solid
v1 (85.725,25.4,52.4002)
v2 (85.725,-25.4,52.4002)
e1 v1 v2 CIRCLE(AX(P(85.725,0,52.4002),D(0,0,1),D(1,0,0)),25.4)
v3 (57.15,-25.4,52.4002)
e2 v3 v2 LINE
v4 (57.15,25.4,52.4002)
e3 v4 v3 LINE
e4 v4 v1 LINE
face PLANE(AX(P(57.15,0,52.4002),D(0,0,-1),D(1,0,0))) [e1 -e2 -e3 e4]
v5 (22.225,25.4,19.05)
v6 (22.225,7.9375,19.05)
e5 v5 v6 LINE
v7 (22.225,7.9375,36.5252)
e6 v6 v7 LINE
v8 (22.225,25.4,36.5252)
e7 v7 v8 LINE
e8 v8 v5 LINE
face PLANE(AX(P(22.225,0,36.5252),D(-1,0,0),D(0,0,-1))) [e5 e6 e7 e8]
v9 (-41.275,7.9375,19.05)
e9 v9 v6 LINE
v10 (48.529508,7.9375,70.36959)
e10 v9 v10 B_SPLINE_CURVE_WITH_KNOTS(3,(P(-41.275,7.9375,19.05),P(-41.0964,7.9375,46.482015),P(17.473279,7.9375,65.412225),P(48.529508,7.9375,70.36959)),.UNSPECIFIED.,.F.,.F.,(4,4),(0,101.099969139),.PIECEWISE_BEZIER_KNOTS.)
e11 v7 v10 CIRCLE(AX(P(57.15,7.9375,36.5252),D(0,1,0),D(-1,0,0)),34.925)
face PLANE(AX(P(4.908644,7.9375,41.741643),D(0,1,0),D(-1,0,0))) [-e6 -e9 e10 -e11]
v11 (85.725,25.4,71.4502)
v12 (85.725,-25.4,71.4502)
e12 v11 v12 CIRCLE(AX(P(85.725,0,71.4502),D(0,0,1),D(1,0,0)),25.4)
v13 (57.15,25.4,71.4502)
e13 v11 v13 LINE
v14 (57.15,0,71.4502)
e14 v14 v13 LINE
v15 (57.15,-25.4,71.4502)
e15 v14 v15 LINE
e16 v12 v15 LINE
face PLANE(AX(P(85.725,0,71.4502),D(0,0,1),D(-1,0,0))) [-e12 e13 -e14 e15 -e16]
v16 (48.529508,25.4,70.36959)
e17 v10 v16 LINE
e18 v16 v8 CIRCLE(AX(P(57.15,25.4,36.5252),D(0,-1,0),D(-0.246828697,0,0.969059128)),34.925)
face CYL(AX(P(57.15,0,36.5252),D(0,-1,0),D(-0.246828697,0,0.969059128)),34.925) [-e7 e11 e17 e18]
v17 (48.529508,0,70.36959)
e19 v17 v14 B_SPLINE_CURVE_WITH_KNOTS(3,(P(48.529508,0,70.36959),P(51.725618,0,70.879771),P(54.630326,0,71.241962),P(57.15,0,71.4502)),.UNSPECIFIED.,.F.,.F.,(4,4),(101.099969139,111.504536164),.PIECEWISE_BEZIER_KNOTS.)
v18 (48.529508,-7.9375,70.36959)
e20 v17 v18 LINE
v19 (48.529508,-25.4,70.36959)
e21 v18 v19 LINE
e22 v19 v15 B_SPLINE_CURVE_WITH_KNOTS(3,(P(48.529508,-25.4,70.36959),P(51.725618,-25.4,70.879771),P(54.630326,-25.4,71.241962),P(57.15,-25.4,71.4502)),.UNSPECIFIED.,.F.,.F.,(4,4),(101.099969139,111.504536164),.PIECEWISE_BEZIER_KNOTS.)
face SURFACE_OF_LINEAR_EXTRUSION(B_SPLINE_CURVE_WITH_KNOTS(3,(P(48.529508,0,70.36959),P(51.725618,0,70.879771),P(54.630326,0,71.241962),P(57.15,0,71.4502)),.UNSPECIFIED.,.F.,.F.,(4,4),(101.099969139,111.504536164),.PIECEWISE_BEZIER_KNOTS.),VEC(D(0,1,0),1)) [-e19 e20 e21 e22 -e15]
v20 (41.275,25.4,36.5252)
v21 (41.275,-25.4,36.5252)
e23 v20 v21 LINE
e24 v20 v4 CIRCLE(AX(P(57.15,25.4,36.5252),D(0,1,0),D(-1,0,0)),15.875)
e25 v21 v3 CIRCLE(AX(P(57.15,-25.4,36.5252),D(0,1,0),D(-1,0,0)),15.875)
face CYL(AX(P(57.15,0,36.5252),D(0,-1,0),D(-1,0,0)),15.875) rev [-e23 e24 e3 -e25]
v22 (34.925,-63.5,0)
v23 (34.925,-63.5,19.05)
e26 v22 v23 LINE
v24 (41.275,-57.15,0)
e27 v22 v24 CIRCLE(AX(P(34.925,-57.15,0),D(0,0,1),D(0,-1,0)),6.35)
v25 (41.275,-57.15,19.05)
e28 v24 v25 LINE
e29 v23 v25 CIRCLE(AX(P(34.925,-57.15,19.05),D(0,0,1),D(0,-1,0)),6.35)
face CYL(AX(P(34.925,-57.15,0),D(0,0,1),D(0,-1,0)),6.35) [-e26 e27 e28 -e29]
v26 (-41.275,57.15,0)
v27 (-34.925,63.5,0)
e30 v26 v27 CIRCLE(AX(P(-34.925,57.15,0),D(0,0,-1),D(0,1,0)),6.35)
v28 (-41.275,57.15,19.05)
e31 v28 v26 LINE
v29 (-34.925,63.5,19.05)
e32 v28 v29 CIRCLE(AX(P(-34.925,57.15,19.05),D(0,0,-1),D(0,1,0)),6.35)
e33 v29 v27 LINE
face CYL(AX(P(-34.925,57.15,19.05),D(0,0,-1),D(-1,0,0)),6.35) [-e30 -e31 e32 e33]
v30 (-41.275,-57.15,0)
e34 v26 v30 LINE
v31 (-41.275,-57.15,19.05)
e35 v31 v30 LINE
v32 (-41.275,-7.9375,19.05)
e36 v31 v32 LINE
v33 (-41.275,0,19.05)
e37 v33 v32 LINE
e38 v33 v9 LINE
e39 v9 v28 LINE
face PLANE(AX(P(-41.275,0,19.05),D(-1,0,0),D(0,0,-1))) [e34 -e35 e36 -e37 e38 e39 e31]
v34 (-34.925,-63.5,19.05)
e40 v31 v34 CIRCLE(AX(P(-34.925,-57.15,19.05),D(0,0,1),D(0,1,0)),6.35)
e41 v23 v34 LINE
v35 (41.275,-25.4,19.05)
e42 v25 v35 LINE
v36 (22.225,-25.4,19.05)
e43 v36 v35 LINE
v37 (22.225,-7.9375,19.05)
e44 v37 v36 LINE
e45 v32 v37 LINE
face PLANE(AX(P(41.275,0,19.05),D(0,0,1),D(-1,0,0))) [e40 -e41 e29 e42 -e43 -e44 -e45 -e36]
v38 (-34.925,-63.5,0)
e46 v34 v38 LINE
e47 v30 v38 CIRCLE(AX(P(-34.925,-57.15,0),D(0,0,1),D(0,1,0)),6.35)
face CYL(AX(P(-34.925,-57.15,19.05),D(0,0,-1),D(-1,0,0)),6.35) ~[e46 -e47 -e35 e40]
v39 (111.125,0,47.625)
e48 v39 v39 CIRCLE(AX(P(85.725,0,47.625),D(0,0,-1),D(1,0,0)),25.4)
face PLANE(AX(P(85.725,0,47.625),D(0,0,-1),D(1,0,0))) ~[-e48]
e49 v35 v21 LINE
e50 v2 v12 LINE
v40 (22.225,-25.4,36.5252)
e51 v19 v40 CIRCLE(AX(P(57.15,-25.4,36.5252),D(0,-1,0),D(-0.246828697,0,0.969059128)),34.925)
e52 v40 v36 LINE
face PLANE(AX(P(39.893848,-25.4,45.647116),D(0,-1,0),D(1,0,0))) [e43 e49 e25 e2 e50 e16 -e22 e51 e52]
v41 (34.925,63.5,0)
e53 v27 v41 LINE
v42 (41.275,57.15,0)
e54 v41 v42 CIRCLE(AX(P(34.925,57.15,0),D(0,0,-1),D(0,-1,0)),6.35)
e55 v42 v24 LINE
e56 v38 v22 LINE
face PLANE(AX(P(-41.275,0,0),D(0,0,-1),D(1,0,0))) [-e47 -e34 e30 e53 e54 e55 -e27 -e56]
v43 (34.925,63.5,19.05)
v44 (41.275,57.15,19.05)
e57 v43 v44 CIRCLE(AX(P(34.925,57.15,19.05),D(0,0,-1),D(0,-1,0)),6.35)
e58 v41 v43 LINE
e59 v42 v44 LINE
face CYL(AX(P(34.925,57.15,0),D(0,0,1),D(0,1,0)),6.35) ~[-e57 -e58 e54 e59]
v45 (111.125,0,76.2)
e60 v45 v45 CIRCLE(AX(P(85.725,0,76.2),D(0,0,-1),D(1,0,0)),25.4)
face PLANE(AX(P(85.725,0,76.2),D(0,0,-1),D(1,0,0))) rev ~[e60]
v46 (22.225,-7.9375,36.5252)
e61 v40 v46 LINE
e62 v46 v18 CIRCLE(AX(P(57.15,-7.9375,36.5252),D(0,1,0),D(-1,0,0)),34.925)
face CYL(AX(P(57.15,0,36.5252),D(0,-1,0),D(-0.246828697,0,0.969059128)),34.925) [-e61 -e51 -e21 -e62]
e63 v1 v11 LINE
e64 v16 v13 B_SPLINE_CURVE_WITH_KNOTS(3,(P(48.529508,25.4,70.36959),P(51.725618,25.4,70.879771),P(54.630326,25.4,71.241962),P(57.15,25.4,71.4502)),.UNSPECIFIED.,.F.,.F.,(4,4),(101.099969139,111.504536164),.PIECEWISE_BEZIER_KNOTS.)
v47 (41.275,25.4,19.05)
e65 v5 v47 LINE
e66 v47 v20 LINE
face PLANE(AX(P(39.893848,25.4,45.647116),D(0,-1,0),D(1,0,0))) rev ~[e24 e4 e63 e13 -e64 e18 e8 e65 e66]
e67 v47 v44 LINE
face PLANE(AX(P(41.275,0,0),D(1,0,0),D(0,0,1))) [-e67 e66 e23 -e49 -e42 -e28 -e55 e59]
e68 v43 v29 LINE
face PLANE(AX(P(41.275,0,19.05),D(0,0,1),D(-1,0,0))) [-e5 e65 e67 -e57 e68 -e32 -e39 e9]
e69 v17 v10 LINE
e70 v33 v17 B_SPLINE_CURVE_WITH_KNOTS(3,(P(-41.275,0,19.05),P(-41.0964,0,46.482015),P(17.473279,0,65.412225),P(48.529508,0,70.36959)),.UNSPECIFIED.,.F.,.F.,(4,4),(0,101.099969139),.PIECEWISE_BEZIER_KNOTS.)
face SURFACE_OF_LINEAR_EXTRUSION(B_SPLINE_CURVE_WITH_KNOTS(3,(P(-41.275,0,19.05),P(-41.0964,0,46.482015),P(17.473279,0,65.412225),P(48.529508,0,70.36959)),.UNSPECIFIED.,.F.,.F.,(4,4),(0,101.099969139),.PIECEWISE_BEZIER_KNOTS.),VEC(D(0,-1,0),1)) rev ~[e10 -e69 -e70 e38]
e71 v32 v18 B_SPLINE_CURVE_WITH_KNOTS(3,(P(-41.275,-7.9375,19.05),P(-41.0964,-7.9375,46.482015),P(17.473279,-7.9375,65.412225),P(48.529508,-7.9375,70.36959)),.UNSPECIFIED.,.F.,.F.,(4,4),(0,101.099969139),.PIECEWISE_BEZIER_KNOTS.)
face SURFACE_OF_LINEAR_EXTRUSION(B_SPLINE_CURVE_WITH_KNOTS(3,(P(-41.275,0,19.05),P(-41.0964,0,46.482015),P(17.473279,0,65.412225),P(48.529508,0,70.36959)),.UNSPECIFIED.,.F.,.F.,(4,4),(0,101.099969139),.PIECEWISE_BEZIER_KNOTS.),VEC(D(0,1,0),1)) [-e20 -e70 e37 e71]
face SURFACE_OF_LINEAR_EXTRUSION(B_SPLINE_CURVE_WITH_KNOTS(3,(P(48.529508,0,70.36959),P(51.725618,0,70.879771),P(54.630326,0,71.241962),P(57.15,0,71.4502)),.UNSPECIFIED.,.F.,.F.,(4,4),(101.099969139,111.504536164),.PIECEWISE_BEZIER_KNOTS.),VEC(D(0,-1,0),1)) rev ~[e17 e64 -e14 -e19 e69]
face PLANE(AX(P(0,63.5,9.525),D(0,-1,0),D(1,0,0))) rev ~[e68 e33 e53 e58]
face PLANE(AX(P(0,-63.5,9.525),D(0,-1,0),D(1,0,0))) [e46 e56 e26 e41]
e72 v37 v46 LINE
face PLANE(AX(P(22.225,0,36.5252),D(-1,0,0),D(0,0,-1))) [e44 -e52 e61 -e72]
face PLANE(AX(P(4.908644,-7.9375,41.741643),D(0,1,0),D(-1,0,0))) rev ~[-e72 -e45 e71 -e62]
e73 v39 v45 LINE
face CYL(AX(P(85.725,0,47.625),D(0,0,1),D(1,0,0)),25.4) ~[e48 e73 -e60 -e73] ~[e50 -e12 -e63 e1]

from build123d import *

# Parameters (mm, degrees)
F1_DEPTH = 63.5
F0_W     = 25.4
F0_H     = 19.05
F2_DEPTH = 25.4
F3_DEPTH = 7.9375
F4_R     = 6.35


with BuildPart() as f1:
    # F0 (on Front) → F1 (new body, symmetric)
    with BuildSketch(Plane.XZ):
        Polygon((22.225, 19.05), (-41.275, 19.05), (-41.275, 0), (41.275, 0), (41.275, 19.05), align=None)
    extrude(amount=F1_DEPTH, both=True)

    # F0 (on Front) → F2 (join, symmetric)
    with BuildSketch(Plane.XZ):
        with BuildLine():
            Line((22.225, 36.5252), (22.225, 19.05))
            Line((22.225, 19.05), (41.275, 19.05))
            Line((41.275, 19.05), (41.275, 36.5252))
            ThreePointArc((41.275, 36.5252), (45.9246798487, 47.7505201513), (57.15, 52.4002))
            Line((57.15, 52.4002), (60.325, 52.4002))
            Line((60.325, 52.4002), (60.325, 71.4502))
            Line((60.325, 71.4502), (57.15, 71.4502))
            add(Edge.make_bspline(
                [(48.5295077418, 70.3695900555), (51.7256176112, 70.8797706122), (54.6303264693, 71.2419617034), (57.15, 71.4502)],
                knots=[101.0999691386, 101.0999691386, 101.0999691386, 101.0999691386, 111.5045361635, 111.5045361635, 111.5045361635, 111.5045361635], degree=3))
            ThreePointArc((48.5295077418, 70.3695900555), (29.5744100959, 57.9574762777), (22.225, 36.5252))
        make_face()
        with Locations((73.025, 61.9252)):
            Rectangle(F0_W, F0_H)
    extrude(amount=F2_DEPTH, both=True)

    # F0 (on Front) → F3 (join, symmetric)
    with BuildSketch(Plane.XZ):
        with BuildLine():
            add(Edge.make_bspline(
                [(-41.275, 19.05), (-41.096400475, 46.4820152223), (17.4732794163, 65.4122248504), (48.5295077418, 70.3695900555)],
                knots=[0, 0, 0, 0, 101.0999691386, 101.0999691386, 101.0999691386, 101.0999691386], degree=3))
            Line((-41.275, 19.05), (22.225, 19.05))
            Line((22.225, 19.05), (22.225, 36.5252))
            ThreePointArc((22.225, 36.5252), (29.5744100959, 57.9574762777), (48.5295077418, 70.3695900555))
        make_face()
    extrude(amount=F3_DEPTH, both=True)

    # F4
    f4_edges = [f1.edges().sort_by_distance(p)[0] for p in [
        (41.275, -63.5, 9.525),
        (-41.275, -63.5, 9.525),
        (-41.275, 63.5, 9.525),
        (41.275, 63.5, 9.525),
    ]]
    fillet(f4_edges, radius=F4_R)

    # F0 (on Front) → F5 (revolve)
    with BuildSketch(Plane.XZ):
        Polygon((85.725, 76.2), (85.725, 71.4502), (85.725, 52.4002), (85.725, 47.625), (111.125, 47.625), (111.125, 76.2), align=None)
    revolve(axis=Axis((85.725, 0, 61.9125), (0, 0, -1)))


solid = f1.part
